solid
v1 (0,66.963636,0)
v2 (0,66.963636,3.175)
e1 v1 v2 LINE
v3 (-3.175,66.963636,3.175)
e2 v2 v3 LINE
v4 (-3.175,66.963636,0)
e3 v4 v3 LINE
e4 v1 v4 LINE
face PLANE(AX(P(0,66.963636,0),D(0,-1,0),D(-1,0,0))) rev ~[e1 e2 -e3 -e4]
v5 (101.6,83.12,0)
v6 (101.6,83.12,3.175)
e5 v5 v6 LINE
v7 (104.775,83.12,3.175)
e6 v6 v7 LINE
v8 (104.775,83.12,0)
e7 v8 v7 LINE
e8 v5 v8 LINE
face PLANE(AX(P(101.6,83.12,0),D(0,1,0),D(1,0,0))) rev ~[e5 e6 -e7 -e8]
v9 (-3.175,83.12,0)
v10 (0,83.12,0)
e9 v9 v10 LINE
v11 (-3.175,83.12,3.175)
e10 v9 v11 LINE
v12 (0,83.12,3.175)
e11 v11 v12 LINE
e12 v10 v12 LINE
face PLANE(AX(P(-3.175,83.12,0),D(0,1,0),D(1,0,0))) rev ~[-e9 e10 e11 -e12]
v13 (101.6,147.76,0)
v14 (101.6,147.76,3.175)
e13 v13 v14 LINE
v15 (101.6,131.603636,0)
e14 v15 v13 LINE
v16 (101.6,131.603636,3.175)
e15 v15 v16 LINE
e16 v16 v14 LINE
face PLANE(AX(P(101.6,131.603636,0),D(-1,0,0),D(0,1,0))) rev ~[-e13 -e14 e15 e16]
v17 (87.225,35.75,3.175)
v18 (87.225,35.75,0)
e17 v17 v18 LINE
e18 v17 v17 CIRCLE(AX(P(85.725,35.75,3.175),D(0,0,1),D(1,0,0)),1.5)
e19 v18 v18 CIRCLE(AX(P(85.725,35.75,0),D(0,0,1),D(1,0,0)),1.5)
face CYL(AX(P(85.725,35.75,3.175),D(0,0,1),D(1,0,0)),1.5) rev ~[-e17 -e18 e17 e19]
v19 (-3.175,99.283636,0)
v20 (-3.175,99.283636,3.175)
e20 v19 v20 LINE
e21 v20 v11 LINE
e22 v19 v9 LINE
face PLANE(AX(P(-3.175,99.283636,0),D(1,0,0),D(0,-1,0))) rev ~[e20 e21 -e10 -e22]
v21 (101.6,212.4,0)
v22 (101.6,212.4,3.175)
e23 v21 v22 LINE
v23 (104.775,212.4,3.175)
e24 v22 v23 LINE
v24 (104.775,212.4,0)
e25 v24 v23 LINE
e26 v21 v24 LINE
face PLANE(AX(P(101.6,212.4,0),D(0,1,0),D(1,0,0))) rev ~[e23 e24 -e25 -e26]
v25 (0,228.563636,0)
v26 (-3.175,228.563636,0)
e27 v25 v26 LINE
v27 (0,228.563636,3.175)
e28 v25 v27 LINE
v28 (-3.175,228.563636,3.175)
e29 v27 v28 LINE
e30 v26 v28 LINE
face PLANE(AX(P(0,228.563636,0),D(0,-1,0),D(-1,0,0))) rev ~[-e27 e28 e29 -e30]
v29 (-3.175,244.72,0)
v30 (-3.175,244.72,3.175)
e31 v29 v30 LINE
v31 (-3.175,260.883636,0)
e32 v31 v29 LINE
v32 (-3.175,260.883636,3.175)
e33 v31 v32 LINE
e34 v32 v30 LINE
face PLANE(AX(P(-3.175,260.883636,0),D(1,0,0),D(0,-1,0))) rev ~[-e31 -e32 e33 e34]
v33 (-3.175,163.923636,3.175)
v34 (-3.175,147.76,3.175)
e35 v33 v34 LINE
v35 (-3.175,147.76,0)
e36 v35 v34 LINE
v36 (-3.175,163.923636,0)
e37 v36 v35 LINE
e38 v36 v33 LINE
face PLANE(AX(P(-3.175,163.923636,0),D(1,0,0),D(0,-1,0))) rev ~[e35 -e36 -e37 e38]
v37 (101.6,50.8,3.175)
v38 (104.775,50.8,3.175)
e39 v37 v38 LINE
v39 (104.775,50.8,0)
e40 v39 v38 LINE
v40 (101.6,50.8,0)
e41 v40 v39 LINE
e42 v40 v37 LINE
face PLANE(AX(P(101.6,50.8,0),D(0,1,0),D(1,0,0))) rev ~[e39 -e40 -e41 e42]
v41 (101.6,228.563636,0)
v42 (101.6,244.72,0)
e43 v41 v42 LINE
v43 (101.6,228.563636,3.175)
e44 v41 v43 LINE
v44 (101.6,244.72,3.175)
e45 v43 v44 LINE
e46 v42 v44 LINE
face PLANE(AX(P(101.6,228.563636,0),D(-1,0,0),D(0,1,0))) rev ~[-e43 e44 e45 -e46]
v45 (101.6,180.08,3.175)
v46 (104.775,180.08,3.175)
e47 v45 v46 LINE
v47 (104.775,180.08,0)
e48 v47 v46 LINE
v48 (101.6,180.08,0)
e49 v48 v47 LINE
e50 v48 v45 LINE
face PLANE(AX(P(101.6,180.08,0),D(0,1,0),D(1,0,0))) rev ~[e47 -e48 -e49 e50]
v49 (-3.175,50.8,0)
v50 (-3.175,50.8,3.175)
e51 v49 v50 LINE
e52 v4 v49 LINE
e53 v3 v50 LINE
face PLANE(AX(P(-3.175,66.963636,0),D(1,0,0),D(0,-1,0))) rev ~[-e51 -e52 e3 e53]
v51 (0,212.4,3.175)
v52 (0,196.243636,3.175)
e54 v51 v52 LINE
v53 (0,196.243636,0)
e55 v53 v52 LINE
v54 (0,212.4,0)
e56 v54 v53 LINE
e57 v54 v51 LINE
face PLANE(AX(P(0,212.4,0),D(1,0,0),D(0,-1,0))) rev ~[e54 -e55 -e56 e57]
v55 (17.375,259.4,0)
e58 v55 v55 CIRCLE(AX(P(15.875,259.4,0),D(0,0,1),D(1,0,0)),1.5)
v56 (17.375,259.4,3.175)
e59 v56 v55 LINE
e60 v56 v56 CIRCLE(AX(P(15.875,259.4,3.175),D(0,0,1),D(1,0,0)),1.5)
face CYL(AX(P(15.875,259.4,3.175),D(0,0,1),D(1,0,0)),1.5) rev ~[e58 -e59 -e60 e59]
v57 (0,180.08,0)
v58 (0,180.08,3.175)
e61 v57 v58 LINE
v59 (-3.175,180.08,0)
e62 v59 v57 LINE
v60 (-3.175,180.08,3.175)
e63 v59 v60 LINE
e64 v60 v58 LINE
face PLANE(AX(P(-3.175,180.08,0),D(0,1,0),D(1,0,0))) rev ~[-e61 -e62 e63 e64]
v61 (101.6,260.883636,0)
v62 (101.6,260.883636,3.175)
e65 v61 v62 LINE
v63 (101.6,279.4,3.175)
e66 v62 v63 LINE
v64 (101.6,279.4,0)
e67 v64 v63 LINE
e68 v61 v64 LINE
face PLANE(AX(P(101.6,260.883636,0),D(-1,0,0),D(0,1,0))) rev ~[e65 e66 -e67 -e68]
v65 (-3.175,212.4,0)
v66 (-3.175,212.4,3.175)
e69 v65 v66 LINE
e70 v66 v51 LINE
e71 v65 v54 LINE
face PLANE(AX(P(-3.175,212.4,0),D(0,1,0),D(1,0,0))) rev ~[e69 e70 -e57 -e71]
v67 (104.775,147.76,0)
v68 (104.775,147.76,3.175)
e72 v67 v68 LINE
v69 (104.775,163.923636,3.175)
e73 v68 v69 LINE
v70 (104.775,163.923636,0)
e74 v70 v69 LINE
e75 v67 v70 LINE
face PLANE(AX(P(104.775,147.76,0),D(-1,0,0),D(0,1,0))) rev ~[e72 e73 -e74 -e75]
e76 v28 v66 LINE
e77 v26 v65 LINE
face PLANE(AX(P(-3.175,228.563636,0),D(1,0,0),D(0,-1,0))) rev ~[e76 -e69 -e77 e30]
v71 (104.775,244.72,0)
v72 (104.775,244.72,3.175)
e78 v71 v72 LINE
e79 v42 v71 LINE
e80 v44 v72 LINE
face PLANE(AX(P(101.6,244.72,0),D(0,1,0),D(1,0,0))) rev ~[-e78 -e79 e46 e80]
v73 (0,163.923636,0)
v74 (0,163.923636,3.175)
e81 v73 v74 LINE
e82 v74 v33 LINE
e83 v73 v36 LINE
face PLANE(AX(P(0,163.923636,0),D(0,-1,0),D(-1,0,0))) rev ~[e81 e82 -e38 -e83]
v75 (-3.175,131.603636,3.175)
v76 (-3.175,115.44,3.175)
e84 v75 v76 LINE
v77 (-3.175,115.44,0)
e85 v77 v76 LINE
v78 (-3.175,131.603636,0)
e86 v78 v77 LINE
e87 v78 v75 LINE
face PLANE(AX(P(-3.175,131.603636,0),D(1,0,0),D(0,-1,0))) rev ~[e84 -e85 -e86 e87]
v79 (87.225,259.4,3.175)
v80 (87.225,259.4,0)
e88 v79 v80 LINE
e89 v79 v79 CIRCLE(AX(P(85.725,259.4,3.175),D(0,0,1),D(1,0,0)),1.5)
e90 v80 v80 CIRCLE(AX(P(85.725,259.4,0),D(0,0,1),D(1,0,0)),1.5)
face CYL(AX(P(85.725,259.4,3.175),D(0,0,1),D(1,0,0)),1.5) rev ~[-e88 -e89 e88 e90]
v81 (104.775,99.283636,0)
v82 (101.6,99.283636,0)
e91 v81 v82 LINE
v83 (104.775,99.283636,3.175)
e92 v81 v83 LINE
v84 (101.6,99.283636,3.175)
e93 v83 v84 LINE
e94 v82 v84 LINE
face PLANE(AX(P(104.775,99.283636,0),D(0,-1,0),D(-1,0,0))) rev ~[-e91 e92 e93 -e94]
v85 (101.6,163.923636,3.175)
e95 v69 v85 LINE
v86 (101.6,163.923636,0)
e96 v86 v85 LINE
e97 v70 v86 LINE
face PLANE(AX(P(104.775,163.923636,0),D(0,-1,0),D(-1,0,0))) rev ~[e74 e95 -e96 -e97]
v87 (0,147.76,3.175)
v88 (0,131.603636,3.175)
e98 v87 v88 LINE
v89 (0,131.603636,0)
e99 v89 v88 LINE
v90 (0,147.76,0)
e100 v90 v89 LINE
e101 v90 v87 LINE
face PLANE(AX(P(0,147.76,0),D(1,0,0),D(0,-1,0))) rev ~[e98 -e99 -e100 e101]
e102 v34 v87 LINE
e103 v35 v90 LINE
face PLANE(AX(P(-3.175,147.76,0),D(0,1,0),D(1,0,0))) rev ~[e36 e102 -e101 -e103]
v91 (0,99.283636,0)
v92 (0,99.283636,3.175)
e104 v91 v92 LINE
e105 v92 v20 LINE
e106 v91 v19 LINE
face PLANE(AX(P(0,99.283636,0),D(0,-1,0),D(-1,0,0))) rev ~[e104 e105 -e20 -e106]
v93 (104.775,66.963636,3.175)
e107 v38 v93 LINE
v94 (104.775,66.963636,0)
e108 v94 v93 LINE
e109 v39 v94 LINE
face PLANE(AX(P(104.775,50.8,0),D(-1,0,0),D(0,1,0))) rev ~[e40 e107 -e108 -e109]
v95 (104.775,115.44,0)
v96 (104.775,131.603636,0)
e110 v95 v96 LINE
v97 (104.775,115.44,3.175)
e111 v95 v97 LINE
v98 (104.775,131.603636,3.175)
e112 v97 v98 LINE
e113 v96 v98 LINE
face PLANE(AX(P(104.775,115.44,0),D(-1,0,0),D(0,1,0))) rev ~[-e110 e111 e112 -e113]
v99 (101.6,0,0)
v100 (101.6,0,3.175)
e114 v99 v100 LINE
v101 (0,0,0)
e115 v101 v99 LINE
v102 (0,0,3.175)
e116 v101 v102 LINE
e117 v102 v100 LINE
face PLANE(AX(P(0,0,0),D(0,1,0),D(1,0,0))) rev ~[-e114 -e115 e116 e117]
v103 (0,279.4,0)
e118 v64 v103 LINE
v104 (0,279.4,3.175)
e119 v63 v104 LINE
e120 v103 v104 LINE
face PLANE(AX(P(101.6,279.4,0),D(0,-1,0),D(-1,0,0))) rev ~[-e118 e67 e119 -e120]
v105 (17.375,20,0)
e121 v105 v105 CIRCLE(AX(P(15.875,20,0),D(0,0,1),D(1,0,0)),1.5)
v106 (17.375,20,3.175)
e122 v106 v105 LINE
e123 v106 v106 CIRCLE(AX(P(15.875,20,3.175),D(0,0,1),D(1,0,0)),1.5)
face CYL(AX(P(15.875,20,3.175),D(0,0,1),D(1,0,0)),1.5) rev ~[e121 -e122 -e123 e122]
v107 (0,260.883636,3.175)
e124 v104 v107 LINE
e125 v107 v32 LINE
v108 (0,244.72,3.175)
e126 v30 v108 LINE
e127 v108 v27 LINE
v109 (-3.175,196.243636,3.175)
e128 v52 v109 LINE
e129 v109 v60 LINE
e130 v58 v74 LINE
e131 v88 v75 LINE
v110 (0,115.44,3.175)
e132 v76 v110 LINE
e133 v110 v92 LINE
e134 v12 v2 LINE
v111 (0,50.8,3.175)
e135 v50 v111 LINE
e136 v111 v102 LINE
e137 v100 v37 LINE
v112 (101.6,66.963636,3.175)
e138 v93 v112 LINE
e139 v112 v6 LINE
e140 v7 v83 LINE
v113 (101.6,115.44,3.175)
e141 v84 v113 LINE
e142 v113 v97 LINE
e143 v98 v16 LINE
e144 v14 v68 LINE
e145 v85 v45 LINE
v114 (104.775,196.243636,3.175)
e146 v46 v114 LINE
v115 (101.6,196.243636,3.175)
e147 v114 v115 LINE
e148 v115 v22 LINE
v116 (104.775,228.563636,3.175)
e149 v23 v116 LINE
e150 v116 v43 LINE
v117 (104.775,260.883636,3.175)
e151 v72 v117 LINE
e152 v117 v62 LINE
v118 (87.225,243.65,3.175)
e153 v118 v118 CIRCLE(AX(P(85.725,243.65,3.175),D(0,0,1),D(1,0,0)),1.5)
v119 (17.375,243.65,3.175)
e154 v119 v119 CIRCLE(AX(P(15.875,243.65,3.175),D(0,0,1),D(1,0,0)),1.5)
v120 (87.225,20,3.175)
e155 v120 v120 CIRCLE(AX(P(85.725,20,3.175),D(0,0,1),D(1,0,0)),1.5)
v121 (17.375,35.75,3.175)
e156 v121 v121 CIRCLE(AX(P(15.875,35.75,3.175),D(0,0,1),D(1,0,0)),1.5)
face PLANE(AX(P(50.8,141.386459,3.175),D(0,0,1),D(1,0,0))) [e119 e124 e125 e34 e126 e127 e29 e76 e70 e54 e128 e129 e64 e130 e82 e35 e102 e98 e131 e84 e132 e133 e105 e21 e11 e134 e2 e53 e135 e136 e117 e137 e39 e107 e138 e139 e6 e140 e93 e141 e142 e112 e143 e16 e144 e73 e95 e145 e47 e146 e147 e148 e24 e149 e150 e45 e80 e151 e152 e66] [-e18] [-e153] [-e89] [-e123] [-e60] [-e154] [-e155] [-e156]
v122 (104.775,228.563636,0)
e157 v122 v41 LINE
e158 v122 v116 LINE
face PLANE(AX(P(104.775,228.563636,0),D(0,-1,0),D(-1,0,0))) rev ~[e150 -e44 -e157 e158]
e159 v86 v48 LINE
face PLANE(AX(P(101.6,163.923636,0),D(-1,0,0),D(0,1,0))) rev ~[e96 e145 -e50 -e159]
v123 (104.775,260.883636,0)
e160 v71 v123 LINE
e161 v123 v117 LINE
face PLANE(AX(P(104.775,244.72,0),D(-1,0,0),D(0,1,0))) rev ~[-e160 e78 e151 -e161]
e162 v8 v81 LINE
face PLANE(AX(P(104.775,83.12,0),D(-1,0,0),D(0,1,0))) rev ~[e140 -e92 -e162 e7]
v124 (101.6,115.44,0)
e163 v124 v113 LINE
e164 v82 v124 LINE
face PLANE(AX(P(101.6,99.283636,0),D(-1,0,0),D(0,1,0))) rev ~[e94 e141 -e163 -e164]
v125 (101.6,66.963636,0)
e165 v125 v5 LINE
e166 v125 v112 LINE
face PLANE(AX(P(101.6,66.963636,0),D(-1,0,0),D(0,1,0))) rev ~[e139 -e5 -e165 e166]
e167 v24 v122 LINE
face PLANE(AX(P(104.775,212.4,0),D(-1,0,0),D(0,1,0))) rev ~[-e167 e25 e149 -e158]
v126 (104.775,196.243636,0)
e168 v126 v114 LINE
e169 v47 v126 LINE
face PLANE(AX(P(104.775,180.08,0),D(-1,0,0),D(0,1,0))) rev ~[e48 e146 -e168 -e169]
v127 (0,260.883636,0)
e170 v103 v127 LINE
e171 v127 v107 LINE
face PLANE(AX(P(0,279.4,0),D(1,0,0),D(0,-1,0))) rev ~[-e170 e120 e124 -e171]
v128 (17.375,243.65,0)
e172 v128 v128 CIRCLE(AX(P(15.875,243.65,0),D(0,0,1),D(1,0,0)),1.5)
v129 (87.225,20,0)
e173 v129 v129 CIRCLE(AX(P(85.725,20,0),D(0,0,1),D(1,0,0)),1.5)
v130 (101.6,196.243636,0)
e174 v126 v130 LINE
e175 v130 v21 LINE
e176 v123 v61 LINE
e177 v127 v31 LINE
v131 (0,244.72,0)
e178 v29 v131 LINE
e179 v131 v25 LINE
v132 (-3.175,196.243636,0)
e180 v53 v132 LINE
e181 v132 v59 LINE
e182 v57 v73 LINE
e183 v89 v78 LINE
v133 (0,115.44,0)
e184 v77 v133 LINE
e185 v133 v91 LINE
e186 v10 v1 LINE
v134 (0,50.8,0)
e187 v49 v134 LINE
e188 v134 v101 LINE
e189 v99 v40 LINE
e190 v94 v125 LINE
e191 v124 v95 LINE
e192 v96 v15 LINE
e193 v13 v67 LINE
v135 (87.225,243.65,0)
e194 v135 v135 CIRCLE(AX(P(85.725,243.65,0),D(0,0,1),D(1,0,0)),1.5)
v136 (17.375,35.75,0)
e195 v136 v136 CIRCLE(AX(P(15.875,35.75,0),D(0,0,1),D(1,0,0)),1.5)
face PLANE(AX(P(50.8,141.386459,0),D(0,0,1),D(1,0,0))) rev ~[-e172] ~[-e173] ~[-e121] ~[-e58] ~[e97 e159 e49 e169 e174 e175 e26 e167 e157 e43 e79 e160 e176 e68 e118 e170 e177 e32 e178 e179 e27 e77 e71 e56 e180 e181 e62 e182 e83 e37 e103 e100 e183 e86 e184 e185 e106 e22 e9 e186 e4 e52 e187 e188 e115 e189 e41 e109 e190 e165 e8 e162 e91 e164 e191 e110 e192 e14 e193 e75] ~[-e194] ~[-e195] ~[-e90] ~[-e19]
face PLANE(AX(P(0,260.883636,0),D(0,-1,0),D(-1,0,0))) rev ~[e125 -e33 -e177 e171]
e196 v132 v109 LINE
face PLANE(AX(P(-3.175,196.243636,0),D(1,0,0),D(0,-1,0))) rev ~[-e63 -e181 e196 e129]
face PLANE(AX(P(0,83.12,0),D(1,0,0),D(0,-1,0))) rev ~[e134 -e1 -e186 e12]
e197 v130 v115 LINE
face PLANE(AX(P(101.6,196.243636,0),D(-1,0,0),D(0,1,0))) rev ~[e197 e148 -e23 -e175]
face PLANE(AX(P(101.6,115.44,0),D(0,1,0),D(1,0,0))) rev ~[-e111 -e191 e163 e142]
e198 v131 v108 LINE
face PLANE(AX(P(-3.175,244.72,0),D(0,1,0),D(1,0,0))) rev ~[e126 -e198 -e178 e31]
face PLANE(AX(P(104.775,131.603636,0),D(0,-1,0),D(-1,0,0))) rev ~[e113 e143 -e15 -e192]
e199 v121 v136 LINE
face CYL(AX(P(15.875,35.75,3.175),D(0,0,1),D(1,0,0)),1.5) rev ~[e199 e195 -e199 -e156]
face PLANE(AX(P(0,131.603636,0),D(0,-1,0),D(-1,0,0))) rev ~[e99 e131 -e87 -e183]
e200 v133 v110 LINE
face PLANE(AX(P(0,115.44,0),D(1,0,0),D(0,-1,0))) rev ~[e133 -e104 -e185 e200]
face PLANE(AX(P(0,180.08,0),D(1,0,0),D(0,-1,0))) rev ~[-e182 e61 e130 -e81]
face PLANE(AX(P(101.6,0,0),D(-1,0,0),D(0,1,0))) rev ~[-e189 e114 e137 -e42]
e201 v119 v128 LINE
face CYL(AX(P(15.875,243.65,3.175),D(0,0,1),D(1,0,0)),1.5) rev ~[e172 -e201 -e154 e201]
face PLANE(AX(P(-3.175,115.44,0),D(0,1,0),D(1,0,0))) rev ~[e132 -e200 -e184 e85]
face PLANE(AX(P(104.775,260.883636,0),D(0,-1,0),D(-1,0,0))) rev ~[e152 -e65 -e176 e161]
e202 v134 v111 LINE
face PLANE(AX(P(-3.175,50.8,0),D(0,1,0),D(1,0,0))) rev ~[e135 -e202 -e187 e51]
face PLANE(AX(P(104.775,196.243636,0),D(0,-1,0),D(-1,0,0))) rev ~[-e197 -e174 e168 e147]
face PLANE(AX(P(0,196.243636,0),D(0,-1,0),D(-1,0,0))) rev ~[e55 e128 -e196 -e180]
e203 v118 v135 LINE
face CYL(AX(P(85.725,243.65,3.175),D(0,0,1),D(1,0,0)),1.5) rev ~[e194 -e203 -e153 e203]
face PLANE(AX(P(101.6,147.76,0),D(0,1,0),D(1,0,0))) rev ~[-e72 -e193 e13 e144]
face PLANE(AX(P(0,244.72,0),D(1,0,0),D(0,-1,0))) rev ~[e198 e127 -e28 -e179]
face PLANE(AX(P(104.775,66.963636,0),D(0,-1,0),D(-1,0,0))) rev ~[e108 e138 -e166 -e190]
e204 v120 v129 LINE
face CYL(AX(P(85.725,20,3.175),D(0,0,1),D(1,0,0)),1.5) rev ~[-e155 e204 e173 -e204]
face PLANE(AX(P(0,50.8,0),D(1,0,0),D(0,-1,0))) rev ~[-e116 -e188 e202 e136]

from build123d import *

# Parameters (mm, degrees)
BOSS_EXTRUDE1_DEPTH = 3.175
SKETCH2_R           = 1.5
CUT_EXTRUDE1_DEPTH  = 3.175


with BuildPart() as part:
    # Sketch1 → Boss-Extrude1 (new body)
    with BuildSketch(Plane.XY):
        Polygon((101.6, 279.4), (0, 279.4), (0, 260.883636364), (-3.175, 260.883636364), (-3.175, 244.72), (0, 244.72), (0, 228.563636364), (-3.175, 228.563636364), (-3.175, 212.4), (0, 212.4), (0, 196.243636364), (-3.175, 196.243636364), (-3.175, 180.08), (0, 180.08), (0, 163.923636364), (-3.175, 163.923636364), (-3.175, 147.76), (0, 147.76), (0, 131.603636364), (-3.175, 131.603636364), (-3.175, 115.44), (0, 115.44), (0, 99.283636364), (-3.175, 99.283636364), (-3.175, 83.12), (0, 83.12), (0, 66.963636364), (-3.175, 66.963636364), (-3.175, 50.8), (0, 50.8), (0, 34.64), (0, 0), (101.6, 0), (101.6, 34.64), (101.6, 50.8), (104.775, 50.8), (104.775, 66.963636364), (101.6, 66.963636364), (101.6, 83.12), (104.775, 83.12), (104.775, 99.283636364), (101.6, 99.283636364), (101.6, 115.44), (104.775, 115.44), (104.775, 131.603636364), (101.6, 131.603636364), (101.6, 147.76), (104.775, 147.76), (104.775, 163.923636364), (101.6, 163.923636364), (101.6, 180.08), (104.775, 180.08), (104.775, 196.243636364), (101.6, 196.243636364), (101.6, 212.4), (104.775, 212.4), (104.775, 228.563636364), (101.6, 228.563636364), (101.6, 244.72), (104.775, 244.72), (104.775, 260.883636364), (101.6, 260.883636364), align=None)
    extrude(amount=BOSS_EXTRUDE1_DEPTH)

    # Sketch2 → Cut-Extrude1 (cut)
    with BuildSketch(Plane.XY.offset(3.175)):
        with Locations((15.875, 20)):
            Circle(SKETCH2_R)
        with Locations((15.875, 35.75)):
            Circle(SKETCH2_R)
        with Locations((15.875, 243.65)):
            Circle(SKETCH2_R)
        with Locations((15.875, 259.4)):
            Circle(SKETCH2_R)
        with Locations((85.725, 259.4)):
            Circle(SKETCH2_R)
        with Locations((85.725, 243.65)):
            Circle(SKETCH2_R)
        with Locations((85.725, 35.75)):
            Circle(SKETCH2_R)
        with Locations((85.725, 20)):
            Circle(SKETCH2_R)
    extrude(amount=-CUT_EXTRUDE1_DEPTH, mode=Mode.SUBTRACT)


solid = part.part
